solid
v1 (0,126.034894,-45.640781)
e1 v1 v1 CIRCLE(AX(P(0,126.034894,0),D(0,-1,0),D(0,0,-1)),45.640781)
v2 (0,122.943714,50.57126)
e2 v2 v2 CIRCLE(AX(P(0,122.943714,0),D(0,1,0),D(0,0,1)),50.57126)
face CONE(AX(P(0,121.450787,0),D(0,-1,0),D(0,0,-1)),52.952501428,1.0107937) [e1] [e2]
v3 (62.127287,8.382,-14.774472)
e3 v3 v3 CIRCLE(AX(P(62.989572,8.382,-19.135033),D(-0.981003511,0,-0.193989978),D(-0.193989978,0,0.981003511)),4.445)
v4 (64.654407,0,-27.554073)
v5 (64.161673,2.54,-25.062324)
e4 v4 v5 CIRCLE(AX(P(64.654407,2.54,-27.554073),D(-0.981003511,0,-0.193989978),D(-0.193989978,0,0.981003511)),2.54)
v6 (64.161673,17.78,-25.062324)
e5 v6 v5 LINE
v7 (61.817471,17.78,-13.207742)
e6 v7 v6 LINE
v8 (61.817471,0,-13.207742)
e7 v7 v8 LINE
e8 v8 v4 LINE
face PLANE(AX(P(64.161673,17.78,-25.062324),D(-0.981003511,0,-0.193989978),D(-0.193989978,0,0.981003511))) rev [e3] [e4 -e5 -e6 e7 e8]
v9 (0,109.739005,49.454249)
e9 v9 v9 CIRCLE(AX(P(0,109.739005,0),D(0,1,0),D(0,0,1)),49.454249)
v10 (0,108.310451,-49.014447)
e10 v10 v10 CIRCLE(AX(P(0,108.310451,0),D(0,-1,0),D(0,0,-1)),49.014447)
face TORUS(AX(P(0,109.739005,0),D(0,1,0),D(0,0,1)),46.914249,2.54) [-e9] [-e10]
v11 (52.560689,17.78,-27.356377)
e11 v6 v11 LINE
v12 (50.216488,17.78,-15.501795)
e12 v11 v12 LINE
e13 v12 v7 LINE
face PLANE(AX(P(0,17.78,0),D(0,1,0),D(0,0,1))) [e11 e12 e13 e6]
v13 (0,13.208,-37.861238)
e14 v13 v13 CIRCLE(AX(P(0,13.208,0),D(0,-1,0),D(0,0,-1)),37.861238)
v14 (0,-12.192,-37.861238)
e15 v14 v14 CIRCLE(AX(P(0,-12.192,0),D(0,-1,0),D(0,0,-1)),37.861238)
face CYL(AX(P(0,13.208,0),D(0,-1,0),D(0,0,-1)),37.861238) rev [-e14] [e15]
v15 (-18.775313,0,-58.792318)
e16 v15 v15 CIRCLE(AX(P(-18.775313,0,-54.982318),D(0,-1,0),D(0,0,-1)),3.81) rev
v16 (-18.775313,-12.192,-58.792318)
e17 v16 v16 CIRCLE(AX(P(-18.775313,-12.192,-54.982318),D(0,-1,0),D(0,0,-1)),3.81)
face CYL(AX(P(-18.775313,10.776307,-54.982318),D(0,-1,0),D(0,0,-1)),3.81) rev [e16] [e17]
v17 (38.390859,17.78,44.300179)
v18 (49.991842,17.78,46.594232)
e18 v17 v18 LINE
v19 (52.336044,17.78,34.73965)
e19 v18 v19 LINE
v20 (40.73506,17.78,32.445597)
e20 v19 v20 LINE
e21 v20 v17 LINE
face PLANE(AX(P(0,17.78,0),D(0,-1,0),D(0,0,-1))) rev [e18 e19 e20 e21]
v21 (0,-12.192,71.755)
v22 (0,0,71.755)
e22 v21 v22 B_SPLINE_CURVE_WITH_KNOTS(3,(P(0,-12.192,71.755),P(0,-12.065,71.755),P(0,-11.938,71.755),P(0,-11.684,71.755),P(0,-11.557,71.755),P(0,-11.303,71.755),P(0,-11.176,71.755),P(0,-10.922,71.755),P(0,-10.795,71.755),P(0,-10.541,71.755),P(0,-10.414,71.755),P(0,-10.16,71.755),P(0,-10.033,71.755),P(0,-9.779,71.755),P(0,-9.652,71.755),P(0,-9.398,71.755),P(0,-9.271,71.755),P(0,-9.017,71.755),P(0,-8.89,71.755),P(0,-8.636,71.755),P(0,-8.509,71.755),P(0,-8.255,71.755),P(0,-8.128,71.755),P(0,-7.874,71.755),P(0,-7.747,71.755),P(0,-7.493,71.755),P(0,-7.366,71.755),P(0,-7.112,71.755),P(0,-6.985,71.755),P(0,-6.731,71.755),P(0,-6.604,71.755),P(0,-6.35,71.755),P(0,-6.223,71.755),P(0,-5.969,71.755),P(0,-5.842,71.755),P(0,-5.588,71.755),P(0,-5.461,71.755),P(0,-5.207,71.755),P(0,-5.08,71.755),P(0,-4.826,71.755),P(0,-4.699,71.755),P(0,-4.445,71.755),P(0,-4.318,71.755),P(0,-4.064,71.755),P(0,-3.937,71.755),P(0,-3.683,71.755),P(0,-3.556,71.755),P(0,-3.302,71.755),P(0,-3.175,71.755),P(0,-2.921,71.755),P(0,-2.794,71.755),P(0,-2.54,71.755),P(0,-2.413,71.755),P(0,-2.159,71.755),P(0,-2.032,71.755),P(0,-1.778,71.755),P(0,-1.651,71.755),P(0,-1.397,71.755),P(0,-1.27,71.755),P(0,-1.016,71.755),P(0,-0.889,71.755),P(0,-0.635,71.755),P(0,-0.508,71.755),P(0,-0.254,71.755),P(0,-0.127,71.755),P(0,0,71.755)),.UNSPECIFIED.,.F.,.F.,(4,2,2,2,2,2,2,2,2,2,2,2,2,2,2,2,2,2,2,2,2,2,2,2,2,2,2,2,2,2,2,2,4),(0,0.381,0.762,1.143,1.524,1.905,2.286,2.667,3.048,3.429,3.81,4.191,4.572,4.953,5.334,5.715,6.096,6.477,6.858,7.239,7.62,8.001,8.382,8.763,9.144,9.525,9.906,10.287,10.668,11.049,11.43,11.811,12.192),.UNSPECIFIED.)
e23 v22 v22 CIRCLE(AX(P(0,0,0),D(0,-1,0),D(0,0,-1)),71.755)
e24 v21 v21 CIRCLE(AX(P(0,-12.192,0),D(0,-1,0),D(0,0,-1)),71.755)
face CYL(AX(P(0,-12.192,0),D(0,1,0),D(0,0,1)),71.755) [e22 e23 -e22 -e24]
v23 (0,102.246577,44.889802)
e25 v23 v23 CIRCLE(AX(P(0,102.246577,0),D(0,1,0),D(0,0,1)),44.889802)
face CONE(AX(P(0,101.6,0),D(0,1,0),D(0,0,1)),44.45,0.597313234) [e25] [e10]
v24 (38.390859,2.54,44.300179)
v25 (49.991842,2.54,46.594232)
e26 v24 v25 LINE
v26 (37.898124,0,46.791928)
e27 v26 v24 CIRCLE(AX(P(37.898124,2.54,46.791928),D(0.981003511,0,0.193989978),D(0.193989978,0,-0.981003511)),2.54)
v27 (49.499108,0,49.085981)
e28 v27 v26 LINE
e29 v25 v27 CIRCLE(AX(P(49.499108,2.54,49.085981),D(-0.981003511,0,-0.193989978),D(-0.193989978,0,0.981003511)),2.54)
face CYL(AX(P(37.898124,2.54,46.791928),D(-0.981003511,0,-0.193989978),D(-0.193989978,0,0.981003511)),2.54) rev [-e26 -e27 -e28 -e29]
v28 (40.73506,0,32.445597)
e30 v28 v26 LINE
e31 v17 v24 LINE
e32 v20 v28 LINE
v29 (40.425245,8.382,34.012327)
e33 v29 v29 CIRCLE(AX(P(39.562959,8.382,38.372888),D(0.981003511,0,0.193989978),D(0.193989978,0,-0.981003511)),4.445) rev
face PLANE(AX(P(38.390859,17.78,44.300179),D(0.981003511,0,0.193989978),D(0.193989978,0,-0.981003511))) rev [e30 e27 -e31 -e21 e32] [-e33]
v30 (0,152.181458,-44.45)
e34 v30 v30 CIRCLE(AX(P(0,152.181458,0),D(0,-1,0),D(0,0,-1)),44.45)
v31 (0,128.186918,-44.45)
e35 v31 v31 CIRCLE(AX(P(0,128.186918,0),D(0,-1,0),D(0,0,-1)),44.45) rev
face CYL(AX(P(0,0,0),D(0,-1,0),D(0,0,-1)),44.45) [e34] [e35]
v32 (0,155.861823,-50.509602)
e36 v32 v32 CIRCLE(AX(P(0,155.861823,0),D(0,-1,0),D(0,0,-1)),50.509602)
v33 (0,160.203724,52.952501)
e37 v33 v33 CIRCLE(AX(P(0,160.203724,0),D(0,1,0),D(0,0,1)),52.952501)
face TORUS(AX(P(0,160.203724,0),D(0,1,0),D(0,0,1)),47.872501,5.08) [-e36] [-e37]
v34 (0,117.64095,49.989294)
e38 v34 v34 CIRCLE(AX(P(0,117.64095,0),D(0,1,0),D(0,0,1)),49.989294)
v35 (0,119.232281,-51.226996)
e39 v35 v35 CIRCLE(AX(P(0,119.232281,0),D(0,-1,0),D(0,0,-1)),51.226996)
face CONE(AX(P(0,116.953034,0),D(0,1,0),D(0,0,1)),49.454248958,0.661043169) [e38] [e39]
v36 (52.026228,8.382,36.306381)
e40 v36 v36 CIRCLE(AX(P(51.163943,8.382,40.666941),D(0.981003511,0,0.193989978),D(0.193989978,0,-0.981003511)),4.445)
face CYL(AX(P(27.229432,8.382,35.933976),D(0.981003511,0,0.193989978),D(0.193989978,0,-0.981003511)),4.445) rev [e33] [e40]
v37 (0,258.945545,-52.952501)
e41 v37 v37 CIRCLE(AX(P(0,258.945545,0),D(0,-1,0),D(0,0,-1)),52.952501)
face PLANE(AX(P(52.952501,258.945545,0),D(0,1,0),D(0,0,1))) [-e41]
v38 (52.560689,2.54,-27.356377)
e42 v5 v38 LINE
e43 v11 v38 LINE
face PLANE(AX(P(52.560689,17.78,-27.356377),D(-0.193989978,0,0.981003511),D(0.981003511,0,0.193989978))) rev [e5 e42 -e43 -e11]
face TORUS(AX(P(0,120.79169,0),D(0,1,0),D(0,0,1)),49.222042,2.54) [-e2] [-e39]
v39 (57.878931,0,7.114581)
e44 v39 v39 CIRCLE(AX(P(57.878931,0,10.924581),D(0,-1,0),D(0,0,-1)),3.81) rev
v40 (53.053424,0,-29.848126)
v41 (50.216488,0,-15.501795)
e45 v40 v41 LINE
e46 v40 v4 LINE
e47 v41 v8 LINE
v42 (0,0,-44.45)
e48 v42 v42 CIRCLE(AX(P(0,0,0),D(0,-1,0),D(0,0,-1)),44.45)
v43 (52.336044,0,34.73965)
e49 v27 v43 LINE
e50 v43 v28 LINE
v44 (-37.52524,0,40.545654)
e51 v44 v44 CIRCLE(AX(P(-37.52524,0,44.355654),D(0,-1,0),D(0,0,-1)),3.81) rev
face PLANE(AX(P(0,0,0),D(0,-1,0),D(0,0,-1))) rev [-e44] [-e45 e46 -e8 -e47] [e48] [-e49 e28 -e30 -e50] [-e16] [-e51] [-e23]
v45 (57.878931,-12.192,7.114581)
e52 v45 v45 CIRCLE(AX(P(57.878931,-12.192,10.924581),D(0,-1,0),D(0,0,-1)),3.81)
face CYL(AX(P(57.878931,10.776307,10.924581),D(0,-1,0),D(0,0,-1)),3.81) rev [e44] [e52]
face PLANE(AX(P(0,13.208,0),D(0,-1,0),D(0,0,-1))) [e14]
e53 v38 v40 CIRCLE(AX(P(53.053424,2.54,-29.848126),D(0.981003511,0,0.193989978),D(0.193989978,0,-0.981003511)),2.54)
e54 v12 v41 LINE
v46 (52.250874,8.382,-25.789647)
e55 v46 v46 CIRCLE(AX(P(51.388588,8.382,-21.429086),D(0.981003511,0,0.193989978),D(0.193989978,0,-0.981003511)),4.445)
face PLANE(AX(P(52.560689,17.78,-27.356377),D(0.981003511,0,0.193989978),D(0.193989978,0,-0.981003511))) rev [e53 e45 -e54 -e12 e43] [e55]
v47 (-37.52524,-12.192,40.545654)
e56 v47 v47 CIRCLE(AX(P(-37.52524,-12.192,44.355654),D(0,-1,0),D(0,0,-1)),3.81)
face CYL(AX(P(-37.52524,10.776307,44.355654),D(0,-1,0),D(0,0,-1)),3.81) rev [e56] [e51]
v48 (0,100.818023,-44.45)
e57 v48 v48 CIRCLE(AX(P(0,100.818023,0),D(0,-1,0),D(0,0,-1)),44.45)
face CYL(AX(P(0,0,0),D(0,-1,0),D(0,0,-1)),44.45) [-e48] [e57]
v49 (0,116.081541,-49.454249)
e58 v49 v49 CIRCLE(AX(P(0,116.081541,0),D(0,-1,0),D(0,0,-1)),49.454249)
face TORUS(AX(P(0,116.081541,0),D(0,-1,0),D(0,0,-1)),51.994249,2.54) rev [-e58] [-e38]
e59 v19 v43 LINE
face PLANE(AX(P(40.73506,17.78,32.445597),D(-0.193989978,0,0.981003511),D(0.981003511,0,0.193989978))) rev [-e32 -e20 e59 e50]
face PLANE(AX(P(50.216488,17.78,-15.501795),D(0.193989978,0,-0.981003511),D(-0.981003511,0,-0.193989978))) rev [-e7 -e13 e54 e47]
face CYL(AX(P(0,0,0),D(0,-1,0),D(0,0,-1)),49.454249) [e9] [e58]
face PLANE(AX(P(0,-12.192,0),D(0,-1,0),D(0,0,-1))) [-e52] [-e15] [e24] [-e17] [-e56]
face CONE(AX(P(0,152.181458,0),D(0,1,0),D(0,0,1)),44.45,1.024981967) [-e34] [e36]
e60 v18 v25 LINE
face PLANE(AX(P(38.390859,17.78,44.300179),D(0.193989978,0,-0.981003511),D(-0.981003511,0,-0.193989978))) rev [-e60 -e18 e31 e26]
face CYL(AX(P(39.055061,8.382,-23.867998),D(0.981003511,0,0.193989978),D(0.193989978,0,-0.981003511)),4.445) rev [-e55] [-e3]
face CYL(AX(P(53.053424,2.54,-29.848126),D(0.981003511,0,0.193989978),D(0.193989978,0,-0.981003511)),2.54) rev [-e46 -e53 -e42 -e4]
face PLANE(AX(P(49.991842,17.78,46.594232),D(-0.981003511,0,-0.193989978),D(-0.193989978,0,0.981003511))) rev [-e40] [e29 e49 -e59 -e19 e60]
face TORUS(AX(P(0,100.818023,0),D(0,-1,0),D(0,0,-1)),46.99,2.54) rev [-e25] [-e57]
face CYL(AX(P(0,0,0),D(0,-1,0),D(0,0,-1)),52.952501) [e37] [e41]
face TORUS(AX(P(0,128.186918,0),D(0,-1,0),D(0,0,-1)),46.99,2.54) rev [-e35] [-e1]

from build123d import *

# Parameters (mm, degrees)
SKETCH3_R           = 71.755
BOSS_EXTRUDE1_DEPTH = 12.192
SKETCH5_R           = 3.81
CUT_EXTRUDE1_DEPTH  = 12.192
BOSS_EXTRUDE2_DEPTH = 17.78
SKETCH7_R           = 4.445
CUT_EXTRUDE2_DEPTH  = 11.825629063
FILLET1_R           = 2.54
FILLET2_R           = 2.54
FILLET3_R           = 2.54
FILLET4_R           = 5.08
SKETCH8_R           = 37.861238203
CUT_EXTRUDE3_DEPTH  = 25.4


with BuildPart() as part:
    # Sketch2 → Revolve1 (revolve)
    with BuildSketch(Plane.XY, mode=Mode.PRIVATE) as revolve1_sk:
        Polygon((44.45, 101.6), (49.454248958, 108.957028549), (49.454248958, 116.953034196), (52.952501428, 121.450787373), (44.45, 126.781457804), (44.45, 152.181457804), (52.952501428, 157.345544784), (52.952501428, 258.945544784), (0, 258.945544784), (0, 0), (44.45, 0), align=None)
    revolve(revolve1_sk.sketch.rotate(Axis((0, 0, 0), (0, 1, 0)), 90), axis=Axis((0, 0, 0), (0, 1, 0)))

    # Sketch3 → Boss-Extrude1 (add)
    with BuildSketch(Plane(origin=(0, 0, 0), x_dir=(-1, 0, 0), z_dir=(0, -1, 0))):
        with Locations(Location((0, 0, 0), (0, 0, 270))):
            Circle(SKETCH3_R)
    extrude(amount=BOSS_EXTRUDE1_DEPTH)

    # Sketch5 → Cut-Extrude1 (cut)
    with BuildSketch(Plane(origin=(0, -12.192, 0), x_dir=(-1, 0, 0), z_dir=(0, -1, 0))):
        with Locations(Location((37.525239886, -44.355653959, 0), (0, 0, 90))):
            Circle(SKETCH5_R)
        with Locations(Location((-57.878931107, -10.924581268, 0), (0, 0, 90))):
            Circle(SKETCH5_R)
        with Locations(Location((18.775312616, 54.982318092, 0), (0, 0, 90))):
            Circle(SKETCH5_R)
    extrude(amount=-CUT_EXTRUDE1_DEPTH, mode=Mode.SUBTRACT)

    # Sketch6 → Boss-Extrude2 (add)
    with BuildSketch(Plane(origin=(0, 0, 0), x_dir=(1, 0, 0), z_dir=(0, 1, 0))):
        Polygon((50.216487636, 15.501795378), (61.817471266, 13.207741855), (64.16167292, 25.062323602), (52.560689291, 27.356377124), align=None)
        Polygon((38.390858573, -44.300178647), (49.991842203, -46.59423217), (52.336043857, -34.739650423), (40.735060228, -32.445596901), align=None)
    extrude(amount=BOSS_EXTRUDE2_DEPTH)

    # Sketch7 → Cut-Extrude2 (cut)
    with BuildSketch(Plane(origin=(56.977651962, 0, 11.267129355), x_dir=(0.193989978070432, 0, -0.9810035109051514), z_dir=(0.9810035109051514, 0, 0.193989978070432))):
        with Locations((-29.969120003, 8.382)):
            Circle(SKETCH7_R)
    cut_extrude2 = extrude(amount=-CUT_EXTRUDE2_DEPTH, mode=Mode.SUBTRACT)

    # Fillet1
    fillet1_edges = [part.edges().sort_by_distance(p)[0] for p in [
        (44.191350388, 0, 45.447205408),
    ]]
    fillet(fillet1_edges, radius=FILLET1_R)

    # Mirror1: Cut-Extrude2 across plane
    add(cut_extrude2.mirror(Plane(origin=(0.099105599, 0, -0.50117507), x_dir=(0.9810035109051514, 0, 0.19398997807043172), z_dir=(-0.19398997807043172, 0, 0.9810035109051514))), mode=Mode.SUBTRACT)

    # Fillet2
    fillet2_edges = [part.edges().sort_by_distance(p)[0] for p in [
        (58.361181106, 0, -26.209350363),
    ]]
    fillet(fillet2_edges, radius=FILLET2_R)

    # Fillet3
    fillet3_edges = [part.edges().sort_by_distance(p)[0] for p in [
        (0, 116.953034196, 49.454248958),
        (0, 108.957028549, 49.454248958),
        (0, 101.6, 44.45),
        (0, 126.781457804, 44.45),
        (0, 121.450787373, 52.952501428),
    ]]
    fillet(fillet3_edges, radius=FILLET3_R)

    # Fillet4
    fillet4_edges = [part.edges().sort_by_distance(p)[0] for p in [
        (0, 157.345544784, 52.952501428),
    ]]
    fillet(fillet4_edges, radius=FILLET4_R)

    # Sketch8 → Cut-Extrude3 (cut)
    with BuildSketch(Plane(origin=(0, -12.192, 0), x_dir=(-1, 0, 0), z_dir=(0, -1, 0))):
        with Locations(Location((0, 0, 0), (0, 0, 90))):
            Circle(SKETCH8_R)
    extrude(amount=-CUT_EXTRUDE3_DEPTH, mode=Mode.SUBTRACT)


solid = part.part
